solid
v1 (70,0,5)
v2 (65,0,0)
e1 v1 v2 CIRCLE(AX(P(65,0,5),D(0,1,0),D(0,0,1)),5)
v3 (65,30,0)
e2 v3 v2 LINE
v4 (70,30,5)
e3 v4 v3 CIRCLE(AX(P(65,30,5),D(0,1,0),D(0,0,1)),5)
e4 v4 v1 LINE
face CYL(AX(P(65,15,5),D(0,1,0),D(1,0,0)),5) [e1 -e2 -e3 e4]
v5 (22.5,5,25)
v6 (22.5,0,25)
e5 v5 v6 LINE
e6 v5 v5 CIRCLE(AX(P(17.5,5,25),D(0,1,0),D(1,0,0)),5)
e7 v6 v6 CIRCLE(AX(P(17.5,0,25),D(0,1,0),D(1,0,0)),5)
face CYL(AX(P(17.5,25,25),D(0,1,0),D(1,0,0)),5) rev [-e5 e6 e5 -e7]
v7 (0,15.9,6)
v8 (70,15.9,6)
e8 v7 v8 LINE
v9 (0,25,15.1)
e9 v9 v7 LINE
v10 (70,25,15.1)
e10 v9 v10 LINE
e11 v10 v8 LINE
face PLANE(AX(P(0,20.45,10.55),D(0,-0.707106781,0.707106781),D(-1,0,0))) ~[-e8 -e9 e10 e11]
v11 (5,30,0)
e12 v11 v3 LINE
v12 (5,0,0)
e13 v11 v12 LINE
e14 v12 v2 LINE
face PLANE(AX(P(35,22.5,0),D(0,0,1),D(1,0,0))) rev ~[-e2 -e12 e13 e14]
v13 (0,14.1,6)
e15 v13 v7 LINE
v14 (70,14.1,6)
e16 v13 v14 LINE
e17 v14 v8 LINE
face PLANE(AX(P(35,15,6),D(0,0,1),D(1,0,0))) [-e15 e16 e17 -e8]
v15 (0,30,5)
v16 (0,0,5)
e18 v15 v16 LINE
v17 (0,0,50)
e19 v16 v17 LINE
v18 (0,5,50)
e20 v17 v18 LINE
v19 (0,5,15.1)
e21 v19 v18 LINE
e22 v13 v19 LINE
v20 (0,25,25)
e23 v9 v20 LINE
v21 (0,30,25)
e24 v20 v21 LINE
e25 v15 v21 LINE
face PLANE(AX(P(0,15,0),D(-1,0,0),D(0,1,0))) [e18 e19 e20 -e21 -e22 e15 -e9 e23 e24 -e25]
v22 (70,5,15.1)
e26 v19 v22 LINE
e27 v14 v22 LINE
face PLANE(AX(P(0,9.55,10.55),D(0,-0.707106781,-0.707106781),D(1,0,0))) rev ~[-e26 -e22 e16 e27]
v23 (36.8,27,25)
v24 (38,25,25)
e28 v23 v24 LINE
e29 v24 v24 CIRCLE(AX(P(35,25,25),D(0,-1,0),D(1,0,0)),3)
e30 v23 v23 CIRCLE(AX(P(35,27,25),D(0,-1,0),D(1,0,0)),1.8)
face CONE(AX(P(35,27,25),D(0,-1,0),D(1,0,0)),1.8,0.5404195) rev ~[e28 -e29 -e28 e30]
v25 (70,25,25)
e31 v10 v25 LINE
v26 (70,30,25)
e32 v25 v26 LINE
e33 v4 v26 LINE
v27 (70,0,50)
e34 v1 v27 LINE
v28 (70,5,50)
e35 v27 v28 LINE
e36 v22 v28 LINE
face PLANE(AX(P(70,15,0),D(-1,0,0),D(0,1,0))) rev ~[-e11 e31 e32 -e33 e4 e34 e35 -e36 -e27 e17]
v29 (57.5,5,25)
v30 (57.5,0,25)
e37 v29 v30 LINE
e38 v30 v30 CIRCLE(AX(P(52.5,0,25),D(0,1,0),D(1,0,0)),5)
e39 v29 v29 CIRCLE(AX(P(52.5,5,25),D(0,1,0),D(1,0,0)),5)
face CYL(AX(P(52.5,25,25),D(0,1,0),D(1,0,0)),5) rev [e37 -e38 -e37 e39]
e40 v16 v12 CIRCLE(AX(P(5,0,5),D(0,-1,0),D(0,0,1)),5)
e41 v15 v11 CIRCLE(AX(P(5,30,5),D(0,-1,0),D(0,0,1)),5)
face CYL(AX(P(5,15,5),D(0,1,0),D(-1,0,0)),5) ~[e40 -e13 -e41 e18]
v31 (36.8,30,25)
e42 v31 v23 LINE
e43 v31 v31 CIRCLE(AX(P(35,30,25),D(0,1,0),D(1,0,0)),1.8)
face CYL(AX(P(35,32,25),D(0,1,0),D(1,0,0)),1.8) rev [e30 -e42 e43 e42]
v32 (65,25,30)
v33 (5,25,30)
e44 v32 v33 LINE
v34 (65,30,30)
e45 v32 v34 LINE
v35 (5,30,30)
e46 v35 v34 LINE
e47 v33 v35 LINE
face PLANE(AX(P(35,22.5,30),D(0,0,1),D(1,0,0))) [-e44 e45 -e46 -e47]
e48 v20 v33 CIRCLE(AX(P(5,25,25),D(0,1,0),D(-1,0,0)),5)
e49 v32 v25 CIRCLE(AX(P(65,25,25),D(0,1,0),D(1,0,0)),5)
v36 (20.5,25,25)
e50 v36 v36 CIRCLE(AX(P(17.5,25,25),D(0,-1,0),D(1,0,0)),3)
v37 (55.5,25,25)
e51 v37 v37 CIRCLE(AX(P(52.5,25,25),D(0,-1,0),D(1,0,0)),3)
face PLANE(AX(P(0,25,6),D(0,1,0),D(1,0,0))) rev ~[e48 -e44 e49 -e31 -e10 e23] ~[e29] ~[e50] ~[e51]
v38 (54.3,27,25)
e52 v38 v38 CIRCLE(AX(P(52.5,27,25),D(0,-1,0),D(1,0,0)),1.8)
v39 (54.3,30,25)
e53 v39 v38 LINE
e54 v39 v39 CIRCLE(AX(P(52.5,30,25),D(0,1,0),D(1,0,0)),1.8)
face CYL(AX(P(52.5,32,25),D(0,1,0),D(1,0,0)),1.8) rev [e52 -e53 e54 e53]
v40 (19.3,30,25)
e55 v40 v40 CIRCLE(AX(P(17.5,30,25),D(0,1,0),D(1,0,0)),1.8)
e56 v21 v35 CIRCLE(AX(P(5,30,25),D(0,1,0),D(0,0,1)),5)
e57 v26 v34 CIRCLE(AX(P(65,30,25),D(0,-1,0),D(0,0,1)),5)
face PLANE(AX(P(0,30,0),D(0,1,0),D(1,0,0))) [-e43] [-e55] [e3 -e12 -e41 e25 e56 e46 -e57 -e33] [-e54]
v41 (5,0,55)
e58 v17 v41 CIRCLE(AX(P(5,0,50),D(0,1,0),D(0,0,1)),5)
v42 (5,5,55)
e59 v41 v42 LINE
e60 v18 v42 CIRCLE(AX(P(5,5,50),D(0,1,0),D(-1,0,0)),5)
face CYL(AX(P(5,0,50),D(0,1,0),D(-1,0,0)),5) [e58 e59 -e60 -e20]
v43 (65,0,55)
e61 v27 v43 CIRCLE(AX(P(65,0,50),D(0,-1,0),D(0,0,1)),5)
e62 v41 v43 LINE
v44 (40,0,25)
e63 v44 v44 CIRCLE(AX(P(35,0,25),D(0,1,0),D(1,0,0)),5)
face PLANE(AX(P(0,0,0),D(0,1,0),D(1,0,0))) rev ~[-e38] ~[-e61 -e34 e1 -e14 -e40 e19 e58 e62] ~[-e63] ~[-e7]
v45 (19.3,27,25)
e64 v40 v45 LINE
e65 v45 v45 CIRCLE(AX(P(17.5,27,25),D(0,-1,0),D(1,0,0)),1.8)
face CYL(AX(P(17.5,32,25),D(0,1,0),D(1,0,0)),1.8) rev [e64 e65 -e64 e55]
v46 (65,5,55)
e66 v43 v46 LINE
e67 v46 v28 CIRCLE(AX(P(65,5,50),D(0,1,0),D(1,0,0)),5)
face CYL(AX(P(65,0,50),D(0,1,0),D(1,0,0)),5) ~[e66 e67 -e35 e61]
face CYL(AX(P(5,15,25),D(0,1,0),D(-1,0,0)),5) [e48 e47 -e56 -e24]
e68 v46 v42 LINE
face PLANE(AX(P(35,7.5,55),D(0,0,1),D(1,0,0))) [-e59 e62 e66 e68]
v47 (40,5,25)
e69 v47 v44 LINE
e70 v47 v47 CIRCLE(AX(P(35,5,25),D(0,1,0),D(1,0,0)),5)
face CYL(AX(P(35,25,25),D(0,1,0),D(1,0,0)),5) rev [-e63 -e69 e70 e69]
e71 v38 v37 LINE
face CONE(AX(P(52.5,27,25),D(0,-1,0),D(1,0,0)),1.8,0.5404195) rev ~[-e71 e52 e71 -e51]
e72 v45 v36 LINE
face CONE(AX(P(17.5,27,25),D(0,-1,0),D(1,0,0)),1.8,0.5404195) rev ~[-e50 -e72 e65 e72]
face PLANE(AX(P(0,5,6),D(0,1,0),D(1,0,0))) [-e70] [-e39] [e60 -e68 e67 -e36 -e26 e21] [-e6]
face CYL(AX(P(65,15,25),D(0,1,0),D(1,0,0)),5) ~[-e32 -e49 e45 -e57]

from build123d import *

# Parameters (mm, degrees)
CYLINDER001_R         = 1.8
CYLINDER001_DEPTH     = 5
CYLINDER_R            = 5
CYLINDER_DEPTH        = 30
ARRAY_X_COUNT         = 3
ARRAY_X_PITCH         = 17.5
ARRAY_PLACEMENT_ANGLE = 90
BOX001_W              = 70
BOX001_H              = 20
BOX001_DEPTH          = 50
BOX002_W              = 70
BOX002_H              = 15
BOX002_DEPTH          = 30
FILLET002_R           = 5
BOX_W                 = 70
BOX_H                 = 15
BOX_DEPTH             = 55
FILLET001_R           = 5
CHAMFER_SIZE          = 9.1


with BuildPart() as screw_hole:
    # Cylinder001 → Cylinder001 (new body)
    with BuildSketch(Plane.XY):
        Circle(CYLINDER001_R)
    extrude(amount=CYLINDER001_DEPTH)


with BuildPart() as screw_driver_hole:
    # Cylinder → Cylinder (new body)
    with BuildSketch(Plane.XY.offset(7)):
        Circle(CYLINDER_R)
    extrude(amount=CYLINDER_DEPTH)


with BuildPart() as hole_array:
    # Cone → Cone (revolve)
    with BuildSketch(Plane(origin=(0, 0, 5), x_dir=(1, 0, 0), z_dir=(0, -1, 0))):
        Polygon((0, 0), (1.8, 0), (3, 2), (0, 2), align=None)
    revolve(axis=Axis((0, 0, 5), (0, 0, 1)))

    # Fusion: union screw hole, screw driver hole
    add(screw_hole.part)
    add(screw_driver_hole.part)

    # Array X: hole array ×3


with BuildPart() as hole_array_1:
    add(hole_array.part)
    with Locations(*[(i * ARRAY_X_PITCH, 0, 0) for i in range(1, ARRAY_X_COUNT)]):
        add(hole_array.part)


with BuildPart() as hole_array_2:
    # Array placement: moved
    add(hole_array_1.part.moved(Location((17.5, 32, 25))).rotate(Axis((17.5, 32, 25), (1, 0, 0)), ARRAY_PLACEMENT_ANGLE))


with BuildPart() as internal_cube:
    # Box001 → Box001 (new body)
    with BuildSketch(Plane(origin=(0, 5, 6), x_dir=(1, 0, 0), z_dir=(0, 0, 1))):
        with Locations((35, 10)):
            Rectangle(BOX001_W, BOX001_H)
    extrude(amount=BOX001_DEPTH)


with BuildPart() as external_hole_side_half_fillet:
    # Box002 → Box002 (new body)
    with BuildSketch(Plane(origin=(0, 15, 0), x_dir=(1, 0, 0), z_dir=(0, 0, 1))):
        with Locations((35, 7.5)):
            Rectangle(BOX002_W, BOX002_H)
    extrude(amount=BOX002_DEPTH)

    # Fillet002
    fillet002_edges = [external_hole_side_half_fillet.edges().sort_by_distance(p)[0] for p in [
        (0, 22.5, 30),
        (0, 22.5, 0),
        (70, 22.5, 30),
        (70, 22.5, 0),
    ]]
    fillet(fillet002_edges, radius=FILLET002_R)


with BuildPart() as wire_hanger_cut001:
    # Box → Box (new body)
    with BuildSketch(Plane.XY):
        with Locations((35, 7.5)):
            Rectangle(BOX_W, BOX_H)
    extrude(amount=BOX_DEPTH)

    # Fillet001
    fillet001_edges = [wire_hanger_cut001.edges().sort_by_distance(p)[0] for p in [
        (0, 7.5, 55),
        (0, 7.5, 0),
        (70, 7.5, 55),
        (70, 7.5, 0),
    ]]
    fillet(fillet001_edges, radius=FILLET001_R)

    # Fusion001: union external hole side half fillet
    add(external_hole_side_half_fillet.part)

    # Cut: cut internal cube
    add(internal_cube.part, mode=Mode.SUBTRACT)

    # Chamfer
    chamfer_edges = [wire_hanger_cut001.edges().sort_by_distance(p)[0] for p in [
        (35, 5, 6),
        (35, 25, 6),
    ]]
    chamfer(chamfer_edges, length=CHAMFER_SIZE)

    # Cut001: cut hole array
    add(hole_array_2.part, mode=Mode.SUBTRACT)


solid = wire_hanger_cut001.part
